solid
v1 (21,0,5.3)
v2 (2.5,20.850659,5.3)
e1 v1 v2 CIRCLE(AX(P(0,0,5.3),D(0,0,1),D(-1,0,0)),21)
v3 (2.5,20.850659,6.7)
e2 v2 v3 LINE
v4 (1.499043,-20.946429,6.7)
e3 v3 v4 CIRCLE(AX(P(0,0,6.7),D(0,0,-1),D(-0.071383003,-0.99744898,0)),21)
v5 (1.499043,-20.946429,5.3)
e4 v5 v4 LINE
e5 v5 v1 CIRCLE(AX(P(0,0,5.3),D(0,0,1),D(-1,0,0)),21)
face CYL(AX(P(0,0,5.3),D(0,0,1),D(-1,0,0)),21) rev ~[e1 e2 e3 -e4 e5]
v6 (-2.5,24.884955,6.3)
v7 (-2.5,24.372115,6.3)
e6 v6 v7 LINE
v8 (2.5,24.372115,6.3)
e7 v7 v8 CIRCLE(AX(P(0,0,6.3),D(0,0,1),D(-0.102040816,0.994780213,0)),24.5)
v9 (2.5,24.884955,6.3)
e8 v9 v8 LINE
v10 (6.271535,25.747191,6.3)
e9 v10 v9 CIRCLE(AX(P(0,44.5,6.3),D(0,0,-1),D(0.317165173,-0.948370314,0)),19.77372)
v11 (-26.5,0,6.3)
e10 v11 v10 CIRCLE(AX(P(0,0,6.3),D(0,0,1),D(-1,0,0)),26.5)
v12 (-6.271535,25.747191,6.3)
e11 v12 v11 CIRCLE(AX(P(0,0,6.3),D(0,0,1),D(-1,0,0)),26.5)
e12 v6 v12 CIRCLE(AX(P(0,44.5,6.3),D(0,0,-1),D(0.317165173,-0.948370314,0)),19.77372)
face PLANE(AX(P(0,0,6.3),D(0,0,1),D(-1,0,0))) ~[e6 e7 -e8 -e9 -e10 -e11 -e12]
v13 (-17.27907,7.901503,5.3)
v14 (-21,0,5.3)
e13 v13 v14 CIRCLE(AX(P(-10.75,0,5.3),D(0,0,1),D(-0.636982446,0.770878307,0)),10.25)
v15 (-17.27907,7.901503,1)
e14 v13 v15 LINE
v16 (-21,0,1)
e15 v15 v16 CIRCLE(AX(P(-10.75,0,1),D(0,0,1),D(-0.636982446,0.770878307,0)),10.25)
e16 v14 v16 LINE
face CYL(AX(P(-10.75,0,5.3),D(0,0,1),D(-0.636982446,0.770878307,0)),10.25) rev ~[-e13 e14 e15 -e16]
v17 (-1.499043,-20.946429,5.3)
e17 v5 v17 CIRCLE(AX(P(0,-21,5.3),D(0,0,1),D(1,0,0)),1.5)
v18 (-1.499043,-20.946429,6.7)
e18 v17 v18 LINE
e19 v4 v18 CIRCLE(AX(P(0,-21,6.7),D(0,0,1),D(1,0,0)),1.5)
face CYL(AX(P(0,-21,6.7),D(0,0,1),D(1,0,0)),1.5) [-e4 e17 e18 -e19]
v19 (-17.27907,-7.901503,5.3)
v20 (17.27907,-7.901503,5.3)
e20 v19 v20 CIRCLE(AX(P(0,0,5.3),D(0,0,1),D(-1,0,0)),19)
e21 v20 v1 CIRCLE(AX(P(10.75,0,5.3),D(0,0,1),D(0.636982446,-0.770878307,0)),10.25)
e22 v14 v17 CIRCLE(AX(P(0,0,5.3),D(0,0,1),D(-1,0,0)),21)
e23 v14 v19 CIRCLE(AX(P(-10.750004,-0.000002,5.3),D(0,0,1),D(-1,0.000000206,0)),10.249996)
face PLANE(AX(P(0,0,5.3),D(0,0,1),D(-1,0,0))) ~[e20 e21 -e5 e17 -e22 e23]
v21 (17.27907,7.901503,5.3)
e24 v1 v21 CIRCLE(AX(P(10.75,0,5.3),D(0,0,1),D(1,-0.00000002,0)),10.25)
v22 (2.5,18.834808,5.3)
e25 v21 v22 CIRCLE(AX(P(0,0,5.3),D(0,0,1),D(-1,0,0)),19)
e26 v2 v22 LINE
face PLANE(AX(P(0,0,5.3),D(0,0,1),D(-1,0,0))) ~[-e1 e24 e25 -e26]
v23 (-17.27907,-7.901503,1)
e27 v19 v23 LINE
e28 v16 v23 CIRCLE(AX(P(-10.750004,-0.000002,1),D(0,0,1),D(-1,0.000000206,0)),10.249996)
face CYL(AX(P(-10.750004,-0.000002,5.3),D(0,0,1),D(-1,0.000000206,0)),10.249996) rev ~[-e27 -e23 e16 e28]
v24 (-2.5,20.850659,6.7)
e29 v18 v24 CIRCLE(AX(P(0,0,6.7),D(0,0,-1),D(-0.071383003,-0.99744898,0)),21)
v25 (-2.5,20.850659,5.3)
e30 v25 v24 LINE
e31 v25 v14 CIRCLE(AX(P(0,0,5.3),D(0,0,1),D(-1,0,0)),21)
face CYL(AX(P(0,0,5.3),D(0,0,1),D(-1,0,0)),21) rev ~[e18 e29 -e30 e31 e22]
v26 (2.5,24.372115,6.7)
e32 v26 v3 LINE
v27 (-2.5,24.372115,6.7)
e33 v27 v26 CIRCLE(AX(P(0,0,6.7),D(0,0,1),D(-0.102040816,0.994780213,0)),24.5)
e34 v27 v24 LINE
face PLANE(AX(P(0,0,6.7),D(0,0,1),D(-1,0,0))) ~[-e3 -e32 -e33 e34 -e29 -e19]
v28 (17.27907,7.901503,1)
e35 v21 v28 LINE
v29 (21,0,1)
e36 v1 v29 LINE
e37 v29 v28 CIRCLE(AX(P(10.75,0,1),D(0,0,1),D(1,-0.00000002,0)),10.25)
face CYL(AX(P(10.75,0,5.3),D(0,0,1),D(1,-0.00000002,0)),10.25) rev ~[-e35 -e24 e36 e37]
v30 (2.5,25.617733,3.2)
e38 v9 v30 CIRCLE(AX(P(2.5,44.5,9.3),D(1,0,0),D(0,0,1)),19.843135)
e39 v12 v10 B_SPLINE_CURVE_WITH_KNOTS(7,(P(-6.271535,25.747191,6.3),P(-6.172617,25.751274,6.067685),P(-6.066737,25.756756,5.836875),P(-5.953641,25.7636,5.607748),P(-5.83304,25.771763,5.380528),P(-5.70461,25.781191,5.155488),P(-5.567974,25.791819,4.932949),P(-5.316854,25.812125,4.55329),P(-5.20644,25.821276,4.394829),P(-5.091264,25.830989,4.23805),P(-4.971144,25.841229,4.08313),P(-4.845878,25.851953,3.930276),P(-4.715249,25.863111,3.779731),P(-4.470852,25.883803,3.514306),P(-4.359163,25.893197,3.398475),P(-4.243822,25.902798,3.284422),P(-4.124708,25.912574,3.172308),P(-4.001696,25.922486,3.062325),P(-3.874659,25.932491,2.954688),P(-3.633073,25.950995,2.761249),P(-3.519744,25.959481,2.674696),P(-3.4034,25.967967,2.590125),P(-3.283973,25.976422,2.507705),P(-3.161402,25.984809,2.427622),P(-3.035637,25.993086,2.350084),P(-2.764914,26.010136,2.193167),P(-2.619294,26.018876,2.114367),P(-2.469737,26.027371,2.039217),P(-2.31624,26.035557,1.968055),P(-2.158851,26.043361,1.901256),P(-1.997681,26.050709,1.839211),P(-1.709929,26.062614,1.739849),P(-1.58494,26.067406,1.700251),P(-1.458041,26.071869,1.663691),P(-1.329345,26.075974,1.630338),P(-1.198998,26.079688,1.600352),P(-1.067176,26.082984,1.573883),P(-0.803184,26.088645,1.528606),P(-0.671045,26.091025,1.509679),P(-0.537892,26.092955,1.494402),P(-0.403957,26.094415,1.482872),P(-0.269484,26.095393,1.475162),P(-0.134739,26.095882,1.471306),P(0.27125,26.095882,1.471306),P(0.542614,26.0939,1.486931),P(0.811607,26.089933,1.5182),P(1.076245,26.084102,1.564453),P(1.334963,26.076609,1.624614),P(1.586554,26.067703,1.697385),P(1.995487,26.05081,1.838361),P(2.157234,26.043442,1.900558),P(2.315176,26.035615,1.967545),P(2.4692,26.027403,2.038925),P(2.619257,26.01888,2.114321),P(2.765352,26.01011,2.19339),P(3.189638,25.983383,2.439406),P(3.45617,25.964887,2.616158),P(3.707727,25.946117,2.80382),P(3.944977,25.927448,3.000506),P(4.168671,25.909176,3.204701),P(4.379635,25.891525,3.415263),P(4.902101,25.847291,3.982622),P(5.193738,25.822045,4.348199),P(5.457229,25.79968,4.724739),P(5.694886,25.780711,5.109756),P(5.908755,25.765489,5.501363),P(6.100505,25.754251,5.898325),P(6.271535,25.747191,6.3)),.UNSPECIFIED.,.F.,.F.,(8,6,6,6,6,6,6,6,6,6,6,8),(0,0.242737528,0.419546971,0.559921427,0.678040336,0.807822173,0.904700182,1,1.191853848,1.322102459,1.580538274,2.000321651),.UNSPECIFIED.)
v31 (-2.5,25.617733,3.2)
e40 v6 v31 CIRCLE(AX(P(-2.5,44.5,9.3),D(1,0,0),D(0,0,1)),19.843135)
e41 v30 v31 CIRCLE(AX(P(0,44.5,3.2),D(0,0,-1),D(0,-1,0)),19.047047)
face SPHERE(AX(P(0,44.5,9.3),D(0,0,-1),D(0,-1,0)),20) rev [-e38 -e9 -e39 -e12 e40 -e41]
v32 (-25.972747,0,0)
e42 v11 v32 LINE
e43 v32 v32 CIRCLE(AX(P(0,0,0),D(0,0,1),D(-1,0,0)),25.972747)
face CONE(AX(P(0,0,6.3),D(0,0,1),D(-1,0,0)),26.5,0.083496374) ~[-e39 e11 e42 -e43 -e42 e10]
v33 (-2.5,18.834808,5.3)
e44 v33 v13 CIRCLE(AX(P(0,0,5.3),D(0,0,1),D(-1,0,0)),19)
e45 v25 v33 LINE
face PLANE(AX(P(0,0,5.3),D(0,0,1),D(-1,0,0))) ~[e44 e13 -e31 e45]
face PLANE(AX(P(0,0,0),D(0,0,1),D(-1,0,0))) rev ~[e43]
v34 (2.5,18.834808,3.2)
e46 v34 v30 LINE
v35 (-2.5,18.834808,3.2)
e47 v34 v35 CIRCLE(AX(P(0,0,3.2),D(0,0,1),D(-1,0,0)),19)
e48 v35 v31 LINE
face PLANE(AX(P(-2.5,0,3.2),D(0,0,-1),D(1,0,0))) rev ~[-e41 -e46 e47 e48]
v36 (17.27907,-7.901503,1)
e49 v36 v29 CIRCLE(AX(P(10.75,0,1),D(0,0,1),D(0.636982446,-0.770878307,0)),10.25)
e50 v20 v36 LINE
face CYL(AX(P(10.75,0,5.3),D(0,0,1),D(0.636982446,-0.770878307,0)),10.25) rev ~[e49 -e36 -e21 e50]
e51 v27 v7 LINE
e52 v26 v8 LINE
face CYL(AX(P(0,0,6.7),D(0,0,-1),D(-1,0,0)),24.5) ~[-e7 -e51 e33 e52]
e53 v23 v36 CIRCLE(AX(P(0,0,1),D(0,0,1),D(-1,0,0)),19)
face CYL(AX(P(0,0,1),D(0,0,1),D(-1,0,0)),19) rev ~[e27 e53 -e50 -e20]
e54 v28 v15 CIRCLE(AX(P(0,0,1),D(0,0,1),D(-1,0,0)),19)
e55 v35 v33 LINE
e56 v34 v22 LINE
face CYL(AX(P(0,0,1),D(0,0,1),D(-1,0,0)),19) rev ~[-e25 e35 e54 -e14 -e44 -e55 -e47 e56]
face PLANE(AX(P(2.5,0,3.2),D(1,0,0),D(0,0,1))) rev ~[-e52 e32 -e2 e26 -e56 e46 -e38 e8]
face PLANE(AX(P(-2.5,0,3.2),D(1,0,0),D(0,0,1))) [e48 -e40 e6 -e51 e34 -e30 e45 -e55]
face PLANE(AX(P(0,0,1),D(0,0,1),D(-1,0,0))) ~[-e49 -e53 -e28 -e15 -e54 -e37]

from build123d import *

# Parameters (mm, degrees)
F3_DEPTH = 4.3
F4_R     = 1.5
F5_DEPTH = 1.4
F8_W     = 5
F8_H     = 5.686849
F9_DEPTH = 26.096882


with BuildPart() as f1:
    # F0 (on Front) → F1 (revolve)
    with BuildSketch(Plane.XZ):
        Polygon((-25.972747, 0), (0, 0), (0, 1), (-19, 1), (-19, 5.3), (-21, 5.3), (-21, 6.7), (-24.5, 6.7), (-24.5, 6.3), (-26.5, 6.3), align=None)
    revolve(axis=Axis((0, 0, 0.5), (0, 0, 1)))

    # F2 (on face) → F3 (cut, through all)
    with BuildSketch(Plane.XY.offset(5.3)):
        with BuildLine():
            ThreePointArc((-17.27907, -7.901503), (-19, 0), (-17.27907, 7.901503))
            ThreePointArc((-17.27907, 7.901503), (-20.023227, 4.366894), (-21, 0))
            ThreePointArc((-21, 0), (-20.023227, -4.366895), (-17.27907, -7.901503))
        make_face()
        with BuildLine():
            ThreePointArc((21, 0), (20.023227, 4.366894), (17.27907, 7.901503))
            ThreePointArc((17.27907, 7.901503), (18.564783, 4.04337), (19, 0))
            ThreePointArc((19, 0), (18.564783, -4.04337), (17.27907, -7.901503))
            ThreePointArc((17.27907, -7.901503), (20.023227, -4.366894), (21, 0))
        make_face()
    extrude(amount=-F3_DEPTH, mode=Mode.SUBTRACT)

    # F4 (on face) → F5 (join, through all)
    with BuildSketch(Plane.XY.offset(6.7)):
        with Locations((0, -21)):
            Circle(F4_R)
    extrude(amount=-F5_DEPTH)

    # F6 (on Right) → F7 (revolve, cut)
    with BuildSketch(Plane.YZ):
        with BuildLine():
            Line((44.5, -10.7), (44.5, 29.3))
            ThreePointArc((44.5, 29.3), (24.5, 9.3), (44.5, -10.7))
        make_face()
    revolve(axis=Axis((0, 44.5, 14.897466), (0, 0, 1)), mode=Mode.SUBTRACT)

    # F8 (on Front) → F9 (cut, through all)
    with BuildSketch(Plane.XZ):
        with Locations((0, 6.043424)):
            Rectangle(F8_W, F8_H)
    extrude(amount=-F9_DEPTH, mode=Mode.SUBTRACT)


solid = f1.part
